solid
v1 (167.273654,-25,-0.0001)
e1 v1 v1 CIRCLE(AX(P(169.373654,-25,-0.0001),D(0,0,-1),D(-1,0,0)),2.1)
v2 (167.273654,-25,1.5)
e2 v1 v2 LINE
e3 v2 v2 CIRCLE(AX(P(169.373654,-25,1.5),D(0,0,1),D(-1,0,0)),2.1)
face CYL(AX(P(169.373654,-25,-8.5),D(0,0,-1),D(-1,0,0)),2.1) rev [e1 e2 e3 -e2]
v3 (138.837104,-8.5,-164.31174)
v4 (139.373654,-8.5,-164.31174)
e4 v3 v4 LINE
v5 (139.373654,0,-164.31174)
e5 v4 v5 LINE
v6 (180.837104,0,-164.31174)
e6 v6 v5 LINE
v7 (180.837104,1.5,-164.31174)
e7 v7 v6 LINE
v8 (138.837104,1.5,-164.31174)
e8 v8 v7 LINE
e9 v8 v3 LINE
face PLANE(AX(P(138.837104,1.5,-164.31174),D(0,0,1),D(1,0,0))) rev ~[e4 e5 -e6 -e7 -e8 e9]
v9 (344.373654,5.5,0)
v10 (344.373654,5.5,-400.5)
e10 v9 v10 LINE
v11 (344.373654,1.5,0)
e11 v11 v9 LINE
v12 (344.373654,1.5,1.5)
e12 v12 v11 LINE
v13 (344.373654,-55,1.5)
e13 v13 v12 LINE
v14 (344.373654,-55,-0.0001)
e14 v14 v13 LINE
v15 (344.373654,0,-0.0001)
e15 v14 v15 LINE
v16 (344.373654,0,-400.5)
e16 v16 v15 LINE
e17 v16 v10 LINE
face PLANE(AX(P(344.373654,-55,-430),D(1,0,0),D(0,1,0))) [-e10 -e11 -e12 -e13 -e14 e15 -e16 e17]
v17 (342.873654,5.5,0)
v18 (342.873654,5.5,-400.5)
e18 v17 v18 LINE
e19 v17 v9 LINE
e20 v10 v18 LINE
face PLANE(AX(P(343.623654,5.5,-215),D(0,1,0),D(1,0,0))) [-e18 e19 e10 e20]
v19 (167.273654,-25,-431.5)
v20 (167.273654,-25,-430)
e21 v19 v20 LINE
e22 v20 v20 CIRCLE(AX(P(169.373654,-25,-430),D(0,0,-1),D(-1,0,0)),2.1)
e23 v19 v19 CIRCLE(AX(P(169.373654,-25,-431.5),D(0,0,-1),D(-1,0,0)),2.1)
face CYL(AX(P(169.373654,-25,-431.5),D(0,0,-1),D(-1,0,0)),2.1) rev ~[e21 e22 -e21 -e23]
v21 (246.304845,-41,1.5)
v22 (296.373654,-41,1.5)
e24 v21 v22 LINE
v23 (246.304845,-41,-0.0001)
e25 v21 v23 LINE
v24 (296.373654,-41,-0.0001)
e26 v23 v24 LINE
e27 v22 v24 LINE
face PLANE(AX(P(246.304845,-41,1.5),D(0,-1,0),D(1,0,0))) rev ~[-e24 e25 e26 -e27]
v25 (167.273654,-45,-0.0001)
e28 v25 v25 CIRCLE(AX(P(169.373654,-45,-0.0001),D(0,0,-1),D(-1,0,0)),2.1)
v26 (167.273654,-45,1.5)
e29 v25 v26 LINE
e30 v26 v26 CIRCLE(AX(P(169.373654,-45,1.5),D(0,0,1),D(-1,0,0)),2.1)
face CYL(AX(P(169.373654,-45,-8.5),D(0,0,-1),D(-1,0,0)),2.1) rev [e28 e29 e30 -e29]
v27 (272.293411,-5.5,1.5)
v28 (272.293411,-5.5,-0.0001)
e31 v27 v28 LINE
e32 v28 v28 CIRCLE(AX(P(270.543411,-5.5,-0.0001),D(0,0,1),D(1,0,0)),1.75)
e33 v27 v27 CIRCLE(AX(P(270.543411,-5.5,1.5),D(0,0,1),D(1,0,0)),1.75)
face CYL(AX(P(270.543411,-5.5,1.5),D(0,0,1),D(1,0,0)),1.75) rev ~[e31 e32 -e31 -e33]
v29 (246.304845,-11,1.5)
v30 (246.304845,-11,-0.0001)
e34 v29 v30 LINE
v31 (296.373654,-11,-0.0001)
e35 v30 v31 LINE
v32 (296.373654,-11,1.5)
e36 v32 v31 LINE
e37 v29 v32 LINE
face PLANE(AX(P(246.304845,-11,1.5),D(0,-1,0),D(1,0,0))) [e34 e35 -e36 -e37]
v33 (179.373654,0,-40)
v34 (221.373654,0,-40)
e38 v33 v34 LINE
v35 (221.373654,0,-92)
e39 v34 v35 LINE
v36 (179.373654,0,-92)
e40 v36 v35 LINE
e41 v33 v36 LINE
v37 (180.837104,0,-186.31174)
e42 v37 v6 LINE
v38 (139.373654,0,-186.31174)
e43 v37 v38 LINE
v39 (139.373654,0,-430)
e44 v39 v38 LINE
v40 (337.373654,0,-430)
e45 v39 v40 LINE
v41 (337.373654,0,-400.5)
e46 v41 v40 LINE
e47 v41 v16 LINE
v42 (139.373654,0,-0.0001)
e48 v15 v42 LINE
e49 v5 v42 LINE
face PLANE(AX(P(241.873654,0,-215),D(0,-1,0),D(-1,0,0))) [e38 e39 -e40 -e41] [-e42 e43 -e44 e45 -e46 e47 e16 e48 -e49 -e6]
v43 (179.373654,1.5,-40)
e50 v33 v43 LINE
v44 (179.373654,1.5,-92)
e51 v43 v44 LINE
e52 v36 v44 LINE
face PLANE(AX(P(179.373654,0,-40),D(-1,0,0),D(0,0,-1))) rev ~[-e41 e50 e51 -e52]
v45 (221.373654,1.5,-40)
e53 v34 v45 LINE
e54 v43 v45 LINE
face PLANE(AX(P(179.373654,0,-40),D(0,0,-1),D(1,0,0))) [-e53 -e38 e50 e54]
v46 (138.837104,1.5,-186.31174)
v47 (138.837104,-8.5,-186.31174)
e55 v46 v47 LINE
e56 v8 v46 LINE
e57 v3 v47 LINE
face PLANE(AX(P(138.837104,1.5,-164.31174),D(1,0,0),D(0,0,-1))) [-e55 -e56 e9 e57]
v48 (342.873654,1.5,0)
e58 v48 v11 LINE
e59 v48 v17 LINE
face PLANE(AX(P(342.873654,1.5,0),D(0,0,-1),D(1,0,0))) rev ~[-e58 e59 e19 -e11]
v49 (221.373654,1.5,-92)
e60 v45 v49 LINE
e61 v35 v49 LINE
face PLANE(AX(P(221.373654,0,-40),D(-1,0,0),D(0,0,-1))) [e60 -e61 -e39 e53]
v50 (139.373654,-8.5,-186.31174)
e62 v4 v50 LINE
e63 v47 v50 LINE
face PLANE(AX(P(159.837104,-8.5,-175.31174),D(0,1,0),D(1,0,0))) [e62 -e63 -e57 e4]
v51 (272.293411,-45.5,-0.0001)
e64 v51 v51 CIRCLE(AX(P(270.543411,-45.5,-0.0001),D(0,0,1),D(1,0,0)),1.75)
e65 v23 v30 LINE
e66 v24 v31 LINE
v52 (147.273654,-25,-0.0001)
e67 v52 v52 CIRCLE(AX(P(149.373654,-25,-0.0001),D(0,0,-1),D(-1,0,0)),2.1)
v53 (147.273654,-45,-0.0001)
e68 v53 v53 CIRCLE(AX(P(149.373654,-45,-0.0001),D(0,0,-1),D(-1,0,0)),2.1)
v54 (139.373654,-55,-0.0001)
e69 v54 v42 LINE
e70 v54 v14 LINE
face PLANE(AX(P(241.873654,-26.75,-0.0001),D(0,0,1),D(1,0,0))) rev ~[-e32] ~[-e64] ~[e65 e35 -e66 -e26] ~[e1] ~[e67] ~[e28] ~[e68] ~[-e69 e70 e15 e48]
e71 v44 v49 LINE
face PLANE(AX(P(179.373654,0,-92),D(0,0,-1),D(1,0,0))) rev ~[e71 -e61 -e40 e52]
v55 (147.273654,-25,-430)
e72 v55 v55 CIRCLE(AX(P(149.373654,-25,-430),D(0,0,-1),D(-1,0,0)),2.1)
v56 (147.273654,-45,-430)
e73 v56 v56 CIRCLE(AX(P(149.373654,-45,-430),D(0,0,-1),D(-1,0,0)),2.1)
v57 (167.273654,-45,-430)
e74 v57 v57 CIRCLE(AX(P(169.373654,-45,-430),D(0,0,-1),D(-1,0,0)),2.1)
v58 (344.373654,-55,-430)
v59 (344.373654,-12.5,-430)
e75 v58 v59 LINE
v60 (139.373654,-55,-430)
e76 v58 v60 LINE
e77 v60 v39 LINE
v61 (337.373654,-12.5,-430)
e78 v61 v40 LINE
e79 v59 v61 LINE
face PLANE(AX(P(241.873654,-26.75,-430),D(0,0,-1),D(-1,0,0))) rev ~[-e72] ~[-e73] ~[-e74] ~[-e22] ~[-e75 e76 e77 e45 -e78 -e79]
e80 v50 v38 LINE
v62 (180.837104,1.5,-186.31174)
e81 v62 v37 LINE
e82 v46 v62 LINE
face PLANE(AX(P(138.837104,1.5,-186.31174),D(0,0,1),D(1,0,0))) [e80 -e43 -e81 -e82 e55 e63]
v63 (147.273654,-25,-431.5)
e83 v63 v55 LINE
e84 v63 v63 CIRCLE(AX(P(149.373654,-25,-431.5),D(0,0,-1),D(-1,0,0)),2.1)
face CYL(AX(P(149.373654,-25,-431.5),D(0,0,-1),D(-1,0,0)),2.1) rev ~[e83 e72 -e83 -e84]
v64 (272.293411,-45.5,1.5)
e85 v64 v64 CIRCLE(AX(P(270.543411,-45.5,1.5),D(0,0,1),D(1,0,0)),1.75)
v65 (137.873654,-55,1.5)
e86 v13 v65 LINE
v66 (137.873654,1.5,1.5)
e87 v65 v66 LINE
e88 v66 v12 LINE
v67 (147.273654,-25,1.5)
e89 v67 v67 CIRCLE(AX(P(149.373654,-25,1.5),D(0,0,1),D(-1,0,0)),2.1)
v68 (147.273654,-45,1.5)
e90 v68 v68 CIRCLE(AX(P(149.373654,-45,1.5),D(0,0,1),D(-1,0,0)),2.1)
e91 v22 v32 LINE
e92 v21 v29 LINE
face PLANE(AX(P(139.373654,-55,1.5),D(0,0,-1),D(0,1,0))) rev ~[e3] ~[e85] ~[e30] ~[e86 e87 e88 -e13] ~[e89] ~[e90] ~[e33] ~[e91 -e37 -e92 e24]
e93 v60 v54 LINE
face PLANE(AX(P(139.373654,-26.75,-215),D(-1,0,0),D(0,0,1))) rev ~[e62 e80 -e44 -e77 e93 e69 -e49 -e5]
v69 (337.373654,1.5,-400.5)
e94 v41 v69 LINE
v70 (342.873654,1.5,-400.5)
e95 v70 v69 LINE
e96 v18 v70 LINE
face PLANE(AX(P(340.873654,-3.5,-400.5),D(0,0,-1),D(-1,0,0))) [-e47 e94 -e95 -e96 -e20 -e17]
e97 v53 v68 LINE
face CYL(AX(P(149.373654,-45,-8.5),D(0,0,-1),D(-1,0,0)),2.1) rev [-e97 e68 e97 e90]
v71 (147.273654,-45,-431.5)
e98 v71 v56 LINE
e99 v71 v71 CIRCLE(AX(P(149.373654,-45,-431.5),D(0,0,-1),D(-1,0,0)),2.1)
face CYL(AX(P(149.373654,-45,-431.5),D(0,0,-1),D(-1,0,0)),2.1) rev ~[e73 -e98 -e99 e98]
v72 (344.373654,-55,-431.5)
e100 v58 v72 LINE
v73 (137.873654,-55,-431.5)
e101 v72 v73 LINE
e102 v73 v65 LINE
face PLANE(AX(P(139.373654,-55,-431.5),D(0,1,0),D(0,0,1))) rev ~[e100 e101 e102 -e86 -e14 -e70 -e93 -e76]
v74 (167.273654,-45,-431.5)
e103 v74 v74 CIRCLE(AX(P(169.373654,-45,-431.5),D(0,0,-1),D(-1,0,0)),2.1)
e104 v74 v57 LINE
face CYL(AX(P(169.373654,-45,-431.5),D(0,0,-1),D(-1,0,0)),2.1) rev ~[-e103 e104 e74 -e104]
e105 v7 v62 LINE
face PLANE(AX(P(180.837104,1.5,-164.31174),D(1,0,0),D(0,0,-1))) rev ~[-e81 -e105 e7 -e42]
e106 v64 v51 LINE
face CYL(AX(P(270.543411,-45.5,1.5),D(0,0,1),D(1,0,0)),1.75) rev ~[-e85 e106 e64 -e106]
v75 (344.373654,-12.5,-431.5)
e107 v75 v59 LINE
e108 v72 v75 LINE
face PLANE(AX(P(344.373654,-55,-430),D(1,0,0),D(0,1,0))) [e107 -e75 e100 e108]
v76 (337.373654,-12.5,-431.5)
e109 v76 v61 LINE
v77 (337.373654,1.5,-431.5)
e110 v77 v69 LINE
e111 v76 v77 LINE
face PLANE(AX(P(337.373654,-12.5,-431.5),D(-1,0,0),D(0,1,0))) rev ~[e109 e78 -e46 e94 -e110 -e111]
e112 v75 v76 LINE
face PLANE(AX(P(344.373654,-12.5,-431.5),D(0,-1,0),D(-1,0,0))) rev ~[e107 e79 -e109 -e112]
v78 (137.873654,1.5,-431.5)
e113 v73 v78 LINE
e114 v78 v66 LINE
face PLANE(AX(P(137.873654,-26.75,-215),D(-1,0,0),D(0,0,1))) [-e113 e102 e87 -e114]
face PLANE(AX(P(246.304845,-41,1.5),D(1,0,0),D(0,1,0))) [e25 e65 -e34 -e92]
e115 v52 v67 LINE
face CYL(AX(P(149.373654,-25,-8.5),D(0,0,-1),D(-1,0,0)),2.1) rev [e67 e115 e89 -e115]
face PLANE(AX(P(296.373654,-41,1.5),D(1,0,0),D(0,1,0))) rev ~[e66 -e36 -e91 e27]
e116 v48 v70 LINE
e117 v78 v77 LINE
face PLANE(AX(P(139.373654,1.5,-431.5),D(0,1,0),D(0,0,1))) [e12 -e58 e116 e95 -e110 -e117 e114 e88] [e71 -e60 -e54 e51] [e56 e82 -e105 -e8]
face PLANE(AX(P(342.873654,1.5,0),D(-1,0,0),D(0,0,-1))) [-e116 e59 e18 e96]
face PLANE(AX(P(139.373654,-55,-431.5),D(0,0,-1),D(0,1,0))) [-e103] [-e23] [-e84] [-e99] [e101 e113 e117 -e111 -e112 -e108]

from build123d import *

# Parameters (mm, degrees)
SKETCH4_W                = 42
SKETCH4_H                = 52
BOSS_EXTRUDE4_DEPTH      = 1.5
BOSS_EXTRUDE5_DEPTH      = 1.5
BOSS_EXTRUDE5_DEPTH_BACK = 0.0001
SKETCH5_W                = 205
SKETCH5_H                = 56.5
SKETCH8_W                = 1.5
SKETCH8_H                = 430
BOSS_EXTRUDE14_DEPTH     = 4
SKETCH7_W                = 205
SKETCH7_H                = 56.5
BOSS_EXTRUDE18_DEPTH     = 1.5
SKETCH9_W                = 433
SKETCH9_H                = 56.5
BOSS_EXTRUDE19_DEPTH     = 1.5
SKETCH15_R               = 2.1
CUT_EXTRUDE1_DEPTH       = 10
CUT_EXTRUDE2_START       = -10
SKETCH14_R               = 2.1
CUT_EXTRUDE2_DEPTH       = 10
CUT_EXTRUDE3_START       = -10
SKETCH12_R               = 2.1
CUT_EXTRUDE3_DEPTH       = 10
CUT_EXTRUDE4_START       = -10
SKETCH10_R               = 2.1
CUT_EXTRUDE4_DEPTH       = 10
CUT_EXTRUDE5_START       = -10
SKETCH11_R               = 2.1
CUT_EXTRUDE5_DEPTH       = 10
SKETCH17_W               = 42
SKETCH17_H               = 22
CUT_EXTRUDE6_DEPTH       = 10
SKETCH18_W               = 50.068809171
SKETCH18_H               = 30
CUT_EXTRUDE7_DEPTH       = 10
SKETCH19_R               = 1.75
CUT_EXTRUDE8_DEPTH       = 10
SKETCH23_W               = 7
SKETCH23_H               = 18
CUT_EXTRUDE10_DEPTH      = 31


with BuildPart() as part:
    # Sketch4 → Boss-Extrude4 (new body)
    with BuildSketch(Plane(origin=(0, 0, 0), x_dir=(1, 0, 0), z_dir=(0, 1, 0))):
        Polygon((139.373653762, 430), (344.373653762, 430), (344.373653762, 0), (139.373653762, 0), (139.373653762, 65), (139.373653762, 230), align=None)
        with Locations((200.373653762, 66)):
            Rectangle(SKETCH4_W, SKETCH4_H, mode=Mode.SUBTRACT)
    extrude(amount=BOSS_EXTRUDE4_DEPTH)

    # Sketch5 → Boss-Extrude5 (add, two sides: drawn at the far end of the back side and taken through both)
    with BuildSketch(Plane.XY.offset(-BOSS_EXTRUDE5_DEPTH_BACK)):
        with Locations((241.873653762, -26.75)):
            Rectangle(SKETCH5_W, SKETCH5_H)
    extrude(amount=BOSS_EXTRUDE5_DEPTH + BOSS_EXTRUDE5_DEPTH_BACK)

    # Sketch8 → Boss-Extrude14 (add)
    with BuildSketch(Plane(origin=(0, 1.5, 0), x_dir=(1, 0, 0), z_dir=(0, 1, 0))):
        with Locations((343.623653762, 215)):
            Rectangle(SKETCH8_W, SKETCH8_H)
    extrude(amount=BOSS_EXTRUDE14_DEPTH)

    # Sketch7 → Boss-Extrude18 (add)
    with BuildSketch(Plane(origin=(0, 0, -430), x_dir=(-1, 0, 0), z_dir=(0, 0, -1))):
        with Locations((-241.873653762, -26.75)):
            Rectangle(SKETCH7_W, SKETCH7_H)
    extrude(amount=BOSS_EXTRUDE18_DEPTH)

    # Sketch9 → Boss-Extrude19 (add)
    with BuildSketch(Plane.ZY.offset(-139.373653762)):
        with Locations((-215, -26.75)):
            Rectangle(SKETCH9_W, SKETCH9_H)
    extrude(amount=BOSS_EXTRUDE19_DEPTH)

    # Sketch15 → Cut-Extrude1 (cut)
    with BuildSketch(Plane(origin=(0, 0, -431.5), x_dir=(-1, 0, 0), z_dir=(0, 0, -1))):
        with Locations((-169.373653762, -25)):
            Circle(SKETCH15_R)
        with Locations((-149.373653762, -25)):
            Circle(SKETCH15_R)
        with Locations((-169.373653762, -45)):
            Circle(SKETCH15_R)
        with Locations((-149.373653762, -45)):
            Circle(SKETCH15_R)
    extrude(amount=-CUT_EXTRUDE1_DEPTH, mode=Mode.SUBTRACT)

    # Sketch14 → Cut-Extrude2 (cut)
    with BuildSketch(Plane.XY.offset(1.5).offset(CUT_EXTRUDE2_START)):
        with Locations(Location((169.373653762, -25, 0), (0, 0, 180))):
            Circle(SKETCH14_R)
    extrude(amount=CUT_EXTRUDE2_DEPTH, mode=Mode.SUBTRACT)

    # Sketch12 → Cut-Extrude3 (cut)
    with BuildSketch(Plane.XY.offset(1.5).offset(CUT_EXTRUDE3_START)):
        with Locations(Location((149.373653762, -25, 0), (0, 0, 180))):
            Circle(SKETCH12_R)
    extrude(amount=CUT_EXTRUDE3_DEPTH, mode=Mode.SUBTRACT)

    # Sketch10 → Cut-Extrude4 (cut)
    with BuildSketch(Plane.XY.offset(1.5).offset(CUT_EXTRUDE4_START)):
        with Locations(Location((169.373653762, -45, 0), (0, 0, 180))):
            Circle(SKETCH10_R)
    extrude(amount=CUT_EXTRUDE4_DEPTH, mode=Mode.SUBTRACT)

    # Sketch11 → Cut-Extrude5 (cut)
    with BuildSketch(Plane.XY.offset(1.5).offset(CUT_EXTRUDE5_START)):
        with Locations(Location((149.373653762, -45, 0), (0, 0, 180))):
            Circle(SKETCH11_R)
    extrude(amount=CUT_EXTRUDE5_DEPTH, mode=Mode.SUBTRACT)

    # Sketch17 → Cut-Extrude6 (cut)
    with BuildSketch(Plane(origin=(0, 1.5, 0), x_dir=(1, 0, 0), z_dir=(0, 1, 0))):
        with Locations((159.837104003, 175.311739833)):
            Rectangle(SKETCH17_W, SKETCH17_H)
    extrude(amount=-CUT_EXTRUDE6_DEPTH, mode=Mode.SUBTRACT)

    # Sketch18 → Cut-Extrude7 (cut)
    with BuildSketch(Plane.XY.offset(1.5)):
        with Locations((271.339249177, -26)):
            Rectangle(SKETCH18_W, SKETCH18_H)
    extrude(amount=-CUT_EXTRUDE7_DEPTH, mode=Mode.SUBTRACT)

    # Sketch19 → Cut-Extrude8 (cut)
    with BuildSketch(Plane.XY.offset(1.5)):
        with Locations((270.543410902, -5.5)):
            Circle(SKETCH19_R)
        with Locations((270.543410902, -45.5)):
            Circle(SKETCH19_R)
    extrude(amount=-CUT_EXTRUDE8_DEPTH, mode=Mode.SUBTRACT)

    # Sketch23 → Cut-Extrude10 (cut)
    with BuildSketch(Plane(origin=(0, 0, -431.5), x_dir=(-1, 0, 0), z_dir=(0, 0, -1))):
        with Locations((-340.873653762, -3.5)):
            Rectangle(SKETCH23_W, SKETCH23_H)
    extrude(amount=-CUT_EXTRUDE10_DEPTH, mode=Mode.SUBTRACT)


solid = part.part
